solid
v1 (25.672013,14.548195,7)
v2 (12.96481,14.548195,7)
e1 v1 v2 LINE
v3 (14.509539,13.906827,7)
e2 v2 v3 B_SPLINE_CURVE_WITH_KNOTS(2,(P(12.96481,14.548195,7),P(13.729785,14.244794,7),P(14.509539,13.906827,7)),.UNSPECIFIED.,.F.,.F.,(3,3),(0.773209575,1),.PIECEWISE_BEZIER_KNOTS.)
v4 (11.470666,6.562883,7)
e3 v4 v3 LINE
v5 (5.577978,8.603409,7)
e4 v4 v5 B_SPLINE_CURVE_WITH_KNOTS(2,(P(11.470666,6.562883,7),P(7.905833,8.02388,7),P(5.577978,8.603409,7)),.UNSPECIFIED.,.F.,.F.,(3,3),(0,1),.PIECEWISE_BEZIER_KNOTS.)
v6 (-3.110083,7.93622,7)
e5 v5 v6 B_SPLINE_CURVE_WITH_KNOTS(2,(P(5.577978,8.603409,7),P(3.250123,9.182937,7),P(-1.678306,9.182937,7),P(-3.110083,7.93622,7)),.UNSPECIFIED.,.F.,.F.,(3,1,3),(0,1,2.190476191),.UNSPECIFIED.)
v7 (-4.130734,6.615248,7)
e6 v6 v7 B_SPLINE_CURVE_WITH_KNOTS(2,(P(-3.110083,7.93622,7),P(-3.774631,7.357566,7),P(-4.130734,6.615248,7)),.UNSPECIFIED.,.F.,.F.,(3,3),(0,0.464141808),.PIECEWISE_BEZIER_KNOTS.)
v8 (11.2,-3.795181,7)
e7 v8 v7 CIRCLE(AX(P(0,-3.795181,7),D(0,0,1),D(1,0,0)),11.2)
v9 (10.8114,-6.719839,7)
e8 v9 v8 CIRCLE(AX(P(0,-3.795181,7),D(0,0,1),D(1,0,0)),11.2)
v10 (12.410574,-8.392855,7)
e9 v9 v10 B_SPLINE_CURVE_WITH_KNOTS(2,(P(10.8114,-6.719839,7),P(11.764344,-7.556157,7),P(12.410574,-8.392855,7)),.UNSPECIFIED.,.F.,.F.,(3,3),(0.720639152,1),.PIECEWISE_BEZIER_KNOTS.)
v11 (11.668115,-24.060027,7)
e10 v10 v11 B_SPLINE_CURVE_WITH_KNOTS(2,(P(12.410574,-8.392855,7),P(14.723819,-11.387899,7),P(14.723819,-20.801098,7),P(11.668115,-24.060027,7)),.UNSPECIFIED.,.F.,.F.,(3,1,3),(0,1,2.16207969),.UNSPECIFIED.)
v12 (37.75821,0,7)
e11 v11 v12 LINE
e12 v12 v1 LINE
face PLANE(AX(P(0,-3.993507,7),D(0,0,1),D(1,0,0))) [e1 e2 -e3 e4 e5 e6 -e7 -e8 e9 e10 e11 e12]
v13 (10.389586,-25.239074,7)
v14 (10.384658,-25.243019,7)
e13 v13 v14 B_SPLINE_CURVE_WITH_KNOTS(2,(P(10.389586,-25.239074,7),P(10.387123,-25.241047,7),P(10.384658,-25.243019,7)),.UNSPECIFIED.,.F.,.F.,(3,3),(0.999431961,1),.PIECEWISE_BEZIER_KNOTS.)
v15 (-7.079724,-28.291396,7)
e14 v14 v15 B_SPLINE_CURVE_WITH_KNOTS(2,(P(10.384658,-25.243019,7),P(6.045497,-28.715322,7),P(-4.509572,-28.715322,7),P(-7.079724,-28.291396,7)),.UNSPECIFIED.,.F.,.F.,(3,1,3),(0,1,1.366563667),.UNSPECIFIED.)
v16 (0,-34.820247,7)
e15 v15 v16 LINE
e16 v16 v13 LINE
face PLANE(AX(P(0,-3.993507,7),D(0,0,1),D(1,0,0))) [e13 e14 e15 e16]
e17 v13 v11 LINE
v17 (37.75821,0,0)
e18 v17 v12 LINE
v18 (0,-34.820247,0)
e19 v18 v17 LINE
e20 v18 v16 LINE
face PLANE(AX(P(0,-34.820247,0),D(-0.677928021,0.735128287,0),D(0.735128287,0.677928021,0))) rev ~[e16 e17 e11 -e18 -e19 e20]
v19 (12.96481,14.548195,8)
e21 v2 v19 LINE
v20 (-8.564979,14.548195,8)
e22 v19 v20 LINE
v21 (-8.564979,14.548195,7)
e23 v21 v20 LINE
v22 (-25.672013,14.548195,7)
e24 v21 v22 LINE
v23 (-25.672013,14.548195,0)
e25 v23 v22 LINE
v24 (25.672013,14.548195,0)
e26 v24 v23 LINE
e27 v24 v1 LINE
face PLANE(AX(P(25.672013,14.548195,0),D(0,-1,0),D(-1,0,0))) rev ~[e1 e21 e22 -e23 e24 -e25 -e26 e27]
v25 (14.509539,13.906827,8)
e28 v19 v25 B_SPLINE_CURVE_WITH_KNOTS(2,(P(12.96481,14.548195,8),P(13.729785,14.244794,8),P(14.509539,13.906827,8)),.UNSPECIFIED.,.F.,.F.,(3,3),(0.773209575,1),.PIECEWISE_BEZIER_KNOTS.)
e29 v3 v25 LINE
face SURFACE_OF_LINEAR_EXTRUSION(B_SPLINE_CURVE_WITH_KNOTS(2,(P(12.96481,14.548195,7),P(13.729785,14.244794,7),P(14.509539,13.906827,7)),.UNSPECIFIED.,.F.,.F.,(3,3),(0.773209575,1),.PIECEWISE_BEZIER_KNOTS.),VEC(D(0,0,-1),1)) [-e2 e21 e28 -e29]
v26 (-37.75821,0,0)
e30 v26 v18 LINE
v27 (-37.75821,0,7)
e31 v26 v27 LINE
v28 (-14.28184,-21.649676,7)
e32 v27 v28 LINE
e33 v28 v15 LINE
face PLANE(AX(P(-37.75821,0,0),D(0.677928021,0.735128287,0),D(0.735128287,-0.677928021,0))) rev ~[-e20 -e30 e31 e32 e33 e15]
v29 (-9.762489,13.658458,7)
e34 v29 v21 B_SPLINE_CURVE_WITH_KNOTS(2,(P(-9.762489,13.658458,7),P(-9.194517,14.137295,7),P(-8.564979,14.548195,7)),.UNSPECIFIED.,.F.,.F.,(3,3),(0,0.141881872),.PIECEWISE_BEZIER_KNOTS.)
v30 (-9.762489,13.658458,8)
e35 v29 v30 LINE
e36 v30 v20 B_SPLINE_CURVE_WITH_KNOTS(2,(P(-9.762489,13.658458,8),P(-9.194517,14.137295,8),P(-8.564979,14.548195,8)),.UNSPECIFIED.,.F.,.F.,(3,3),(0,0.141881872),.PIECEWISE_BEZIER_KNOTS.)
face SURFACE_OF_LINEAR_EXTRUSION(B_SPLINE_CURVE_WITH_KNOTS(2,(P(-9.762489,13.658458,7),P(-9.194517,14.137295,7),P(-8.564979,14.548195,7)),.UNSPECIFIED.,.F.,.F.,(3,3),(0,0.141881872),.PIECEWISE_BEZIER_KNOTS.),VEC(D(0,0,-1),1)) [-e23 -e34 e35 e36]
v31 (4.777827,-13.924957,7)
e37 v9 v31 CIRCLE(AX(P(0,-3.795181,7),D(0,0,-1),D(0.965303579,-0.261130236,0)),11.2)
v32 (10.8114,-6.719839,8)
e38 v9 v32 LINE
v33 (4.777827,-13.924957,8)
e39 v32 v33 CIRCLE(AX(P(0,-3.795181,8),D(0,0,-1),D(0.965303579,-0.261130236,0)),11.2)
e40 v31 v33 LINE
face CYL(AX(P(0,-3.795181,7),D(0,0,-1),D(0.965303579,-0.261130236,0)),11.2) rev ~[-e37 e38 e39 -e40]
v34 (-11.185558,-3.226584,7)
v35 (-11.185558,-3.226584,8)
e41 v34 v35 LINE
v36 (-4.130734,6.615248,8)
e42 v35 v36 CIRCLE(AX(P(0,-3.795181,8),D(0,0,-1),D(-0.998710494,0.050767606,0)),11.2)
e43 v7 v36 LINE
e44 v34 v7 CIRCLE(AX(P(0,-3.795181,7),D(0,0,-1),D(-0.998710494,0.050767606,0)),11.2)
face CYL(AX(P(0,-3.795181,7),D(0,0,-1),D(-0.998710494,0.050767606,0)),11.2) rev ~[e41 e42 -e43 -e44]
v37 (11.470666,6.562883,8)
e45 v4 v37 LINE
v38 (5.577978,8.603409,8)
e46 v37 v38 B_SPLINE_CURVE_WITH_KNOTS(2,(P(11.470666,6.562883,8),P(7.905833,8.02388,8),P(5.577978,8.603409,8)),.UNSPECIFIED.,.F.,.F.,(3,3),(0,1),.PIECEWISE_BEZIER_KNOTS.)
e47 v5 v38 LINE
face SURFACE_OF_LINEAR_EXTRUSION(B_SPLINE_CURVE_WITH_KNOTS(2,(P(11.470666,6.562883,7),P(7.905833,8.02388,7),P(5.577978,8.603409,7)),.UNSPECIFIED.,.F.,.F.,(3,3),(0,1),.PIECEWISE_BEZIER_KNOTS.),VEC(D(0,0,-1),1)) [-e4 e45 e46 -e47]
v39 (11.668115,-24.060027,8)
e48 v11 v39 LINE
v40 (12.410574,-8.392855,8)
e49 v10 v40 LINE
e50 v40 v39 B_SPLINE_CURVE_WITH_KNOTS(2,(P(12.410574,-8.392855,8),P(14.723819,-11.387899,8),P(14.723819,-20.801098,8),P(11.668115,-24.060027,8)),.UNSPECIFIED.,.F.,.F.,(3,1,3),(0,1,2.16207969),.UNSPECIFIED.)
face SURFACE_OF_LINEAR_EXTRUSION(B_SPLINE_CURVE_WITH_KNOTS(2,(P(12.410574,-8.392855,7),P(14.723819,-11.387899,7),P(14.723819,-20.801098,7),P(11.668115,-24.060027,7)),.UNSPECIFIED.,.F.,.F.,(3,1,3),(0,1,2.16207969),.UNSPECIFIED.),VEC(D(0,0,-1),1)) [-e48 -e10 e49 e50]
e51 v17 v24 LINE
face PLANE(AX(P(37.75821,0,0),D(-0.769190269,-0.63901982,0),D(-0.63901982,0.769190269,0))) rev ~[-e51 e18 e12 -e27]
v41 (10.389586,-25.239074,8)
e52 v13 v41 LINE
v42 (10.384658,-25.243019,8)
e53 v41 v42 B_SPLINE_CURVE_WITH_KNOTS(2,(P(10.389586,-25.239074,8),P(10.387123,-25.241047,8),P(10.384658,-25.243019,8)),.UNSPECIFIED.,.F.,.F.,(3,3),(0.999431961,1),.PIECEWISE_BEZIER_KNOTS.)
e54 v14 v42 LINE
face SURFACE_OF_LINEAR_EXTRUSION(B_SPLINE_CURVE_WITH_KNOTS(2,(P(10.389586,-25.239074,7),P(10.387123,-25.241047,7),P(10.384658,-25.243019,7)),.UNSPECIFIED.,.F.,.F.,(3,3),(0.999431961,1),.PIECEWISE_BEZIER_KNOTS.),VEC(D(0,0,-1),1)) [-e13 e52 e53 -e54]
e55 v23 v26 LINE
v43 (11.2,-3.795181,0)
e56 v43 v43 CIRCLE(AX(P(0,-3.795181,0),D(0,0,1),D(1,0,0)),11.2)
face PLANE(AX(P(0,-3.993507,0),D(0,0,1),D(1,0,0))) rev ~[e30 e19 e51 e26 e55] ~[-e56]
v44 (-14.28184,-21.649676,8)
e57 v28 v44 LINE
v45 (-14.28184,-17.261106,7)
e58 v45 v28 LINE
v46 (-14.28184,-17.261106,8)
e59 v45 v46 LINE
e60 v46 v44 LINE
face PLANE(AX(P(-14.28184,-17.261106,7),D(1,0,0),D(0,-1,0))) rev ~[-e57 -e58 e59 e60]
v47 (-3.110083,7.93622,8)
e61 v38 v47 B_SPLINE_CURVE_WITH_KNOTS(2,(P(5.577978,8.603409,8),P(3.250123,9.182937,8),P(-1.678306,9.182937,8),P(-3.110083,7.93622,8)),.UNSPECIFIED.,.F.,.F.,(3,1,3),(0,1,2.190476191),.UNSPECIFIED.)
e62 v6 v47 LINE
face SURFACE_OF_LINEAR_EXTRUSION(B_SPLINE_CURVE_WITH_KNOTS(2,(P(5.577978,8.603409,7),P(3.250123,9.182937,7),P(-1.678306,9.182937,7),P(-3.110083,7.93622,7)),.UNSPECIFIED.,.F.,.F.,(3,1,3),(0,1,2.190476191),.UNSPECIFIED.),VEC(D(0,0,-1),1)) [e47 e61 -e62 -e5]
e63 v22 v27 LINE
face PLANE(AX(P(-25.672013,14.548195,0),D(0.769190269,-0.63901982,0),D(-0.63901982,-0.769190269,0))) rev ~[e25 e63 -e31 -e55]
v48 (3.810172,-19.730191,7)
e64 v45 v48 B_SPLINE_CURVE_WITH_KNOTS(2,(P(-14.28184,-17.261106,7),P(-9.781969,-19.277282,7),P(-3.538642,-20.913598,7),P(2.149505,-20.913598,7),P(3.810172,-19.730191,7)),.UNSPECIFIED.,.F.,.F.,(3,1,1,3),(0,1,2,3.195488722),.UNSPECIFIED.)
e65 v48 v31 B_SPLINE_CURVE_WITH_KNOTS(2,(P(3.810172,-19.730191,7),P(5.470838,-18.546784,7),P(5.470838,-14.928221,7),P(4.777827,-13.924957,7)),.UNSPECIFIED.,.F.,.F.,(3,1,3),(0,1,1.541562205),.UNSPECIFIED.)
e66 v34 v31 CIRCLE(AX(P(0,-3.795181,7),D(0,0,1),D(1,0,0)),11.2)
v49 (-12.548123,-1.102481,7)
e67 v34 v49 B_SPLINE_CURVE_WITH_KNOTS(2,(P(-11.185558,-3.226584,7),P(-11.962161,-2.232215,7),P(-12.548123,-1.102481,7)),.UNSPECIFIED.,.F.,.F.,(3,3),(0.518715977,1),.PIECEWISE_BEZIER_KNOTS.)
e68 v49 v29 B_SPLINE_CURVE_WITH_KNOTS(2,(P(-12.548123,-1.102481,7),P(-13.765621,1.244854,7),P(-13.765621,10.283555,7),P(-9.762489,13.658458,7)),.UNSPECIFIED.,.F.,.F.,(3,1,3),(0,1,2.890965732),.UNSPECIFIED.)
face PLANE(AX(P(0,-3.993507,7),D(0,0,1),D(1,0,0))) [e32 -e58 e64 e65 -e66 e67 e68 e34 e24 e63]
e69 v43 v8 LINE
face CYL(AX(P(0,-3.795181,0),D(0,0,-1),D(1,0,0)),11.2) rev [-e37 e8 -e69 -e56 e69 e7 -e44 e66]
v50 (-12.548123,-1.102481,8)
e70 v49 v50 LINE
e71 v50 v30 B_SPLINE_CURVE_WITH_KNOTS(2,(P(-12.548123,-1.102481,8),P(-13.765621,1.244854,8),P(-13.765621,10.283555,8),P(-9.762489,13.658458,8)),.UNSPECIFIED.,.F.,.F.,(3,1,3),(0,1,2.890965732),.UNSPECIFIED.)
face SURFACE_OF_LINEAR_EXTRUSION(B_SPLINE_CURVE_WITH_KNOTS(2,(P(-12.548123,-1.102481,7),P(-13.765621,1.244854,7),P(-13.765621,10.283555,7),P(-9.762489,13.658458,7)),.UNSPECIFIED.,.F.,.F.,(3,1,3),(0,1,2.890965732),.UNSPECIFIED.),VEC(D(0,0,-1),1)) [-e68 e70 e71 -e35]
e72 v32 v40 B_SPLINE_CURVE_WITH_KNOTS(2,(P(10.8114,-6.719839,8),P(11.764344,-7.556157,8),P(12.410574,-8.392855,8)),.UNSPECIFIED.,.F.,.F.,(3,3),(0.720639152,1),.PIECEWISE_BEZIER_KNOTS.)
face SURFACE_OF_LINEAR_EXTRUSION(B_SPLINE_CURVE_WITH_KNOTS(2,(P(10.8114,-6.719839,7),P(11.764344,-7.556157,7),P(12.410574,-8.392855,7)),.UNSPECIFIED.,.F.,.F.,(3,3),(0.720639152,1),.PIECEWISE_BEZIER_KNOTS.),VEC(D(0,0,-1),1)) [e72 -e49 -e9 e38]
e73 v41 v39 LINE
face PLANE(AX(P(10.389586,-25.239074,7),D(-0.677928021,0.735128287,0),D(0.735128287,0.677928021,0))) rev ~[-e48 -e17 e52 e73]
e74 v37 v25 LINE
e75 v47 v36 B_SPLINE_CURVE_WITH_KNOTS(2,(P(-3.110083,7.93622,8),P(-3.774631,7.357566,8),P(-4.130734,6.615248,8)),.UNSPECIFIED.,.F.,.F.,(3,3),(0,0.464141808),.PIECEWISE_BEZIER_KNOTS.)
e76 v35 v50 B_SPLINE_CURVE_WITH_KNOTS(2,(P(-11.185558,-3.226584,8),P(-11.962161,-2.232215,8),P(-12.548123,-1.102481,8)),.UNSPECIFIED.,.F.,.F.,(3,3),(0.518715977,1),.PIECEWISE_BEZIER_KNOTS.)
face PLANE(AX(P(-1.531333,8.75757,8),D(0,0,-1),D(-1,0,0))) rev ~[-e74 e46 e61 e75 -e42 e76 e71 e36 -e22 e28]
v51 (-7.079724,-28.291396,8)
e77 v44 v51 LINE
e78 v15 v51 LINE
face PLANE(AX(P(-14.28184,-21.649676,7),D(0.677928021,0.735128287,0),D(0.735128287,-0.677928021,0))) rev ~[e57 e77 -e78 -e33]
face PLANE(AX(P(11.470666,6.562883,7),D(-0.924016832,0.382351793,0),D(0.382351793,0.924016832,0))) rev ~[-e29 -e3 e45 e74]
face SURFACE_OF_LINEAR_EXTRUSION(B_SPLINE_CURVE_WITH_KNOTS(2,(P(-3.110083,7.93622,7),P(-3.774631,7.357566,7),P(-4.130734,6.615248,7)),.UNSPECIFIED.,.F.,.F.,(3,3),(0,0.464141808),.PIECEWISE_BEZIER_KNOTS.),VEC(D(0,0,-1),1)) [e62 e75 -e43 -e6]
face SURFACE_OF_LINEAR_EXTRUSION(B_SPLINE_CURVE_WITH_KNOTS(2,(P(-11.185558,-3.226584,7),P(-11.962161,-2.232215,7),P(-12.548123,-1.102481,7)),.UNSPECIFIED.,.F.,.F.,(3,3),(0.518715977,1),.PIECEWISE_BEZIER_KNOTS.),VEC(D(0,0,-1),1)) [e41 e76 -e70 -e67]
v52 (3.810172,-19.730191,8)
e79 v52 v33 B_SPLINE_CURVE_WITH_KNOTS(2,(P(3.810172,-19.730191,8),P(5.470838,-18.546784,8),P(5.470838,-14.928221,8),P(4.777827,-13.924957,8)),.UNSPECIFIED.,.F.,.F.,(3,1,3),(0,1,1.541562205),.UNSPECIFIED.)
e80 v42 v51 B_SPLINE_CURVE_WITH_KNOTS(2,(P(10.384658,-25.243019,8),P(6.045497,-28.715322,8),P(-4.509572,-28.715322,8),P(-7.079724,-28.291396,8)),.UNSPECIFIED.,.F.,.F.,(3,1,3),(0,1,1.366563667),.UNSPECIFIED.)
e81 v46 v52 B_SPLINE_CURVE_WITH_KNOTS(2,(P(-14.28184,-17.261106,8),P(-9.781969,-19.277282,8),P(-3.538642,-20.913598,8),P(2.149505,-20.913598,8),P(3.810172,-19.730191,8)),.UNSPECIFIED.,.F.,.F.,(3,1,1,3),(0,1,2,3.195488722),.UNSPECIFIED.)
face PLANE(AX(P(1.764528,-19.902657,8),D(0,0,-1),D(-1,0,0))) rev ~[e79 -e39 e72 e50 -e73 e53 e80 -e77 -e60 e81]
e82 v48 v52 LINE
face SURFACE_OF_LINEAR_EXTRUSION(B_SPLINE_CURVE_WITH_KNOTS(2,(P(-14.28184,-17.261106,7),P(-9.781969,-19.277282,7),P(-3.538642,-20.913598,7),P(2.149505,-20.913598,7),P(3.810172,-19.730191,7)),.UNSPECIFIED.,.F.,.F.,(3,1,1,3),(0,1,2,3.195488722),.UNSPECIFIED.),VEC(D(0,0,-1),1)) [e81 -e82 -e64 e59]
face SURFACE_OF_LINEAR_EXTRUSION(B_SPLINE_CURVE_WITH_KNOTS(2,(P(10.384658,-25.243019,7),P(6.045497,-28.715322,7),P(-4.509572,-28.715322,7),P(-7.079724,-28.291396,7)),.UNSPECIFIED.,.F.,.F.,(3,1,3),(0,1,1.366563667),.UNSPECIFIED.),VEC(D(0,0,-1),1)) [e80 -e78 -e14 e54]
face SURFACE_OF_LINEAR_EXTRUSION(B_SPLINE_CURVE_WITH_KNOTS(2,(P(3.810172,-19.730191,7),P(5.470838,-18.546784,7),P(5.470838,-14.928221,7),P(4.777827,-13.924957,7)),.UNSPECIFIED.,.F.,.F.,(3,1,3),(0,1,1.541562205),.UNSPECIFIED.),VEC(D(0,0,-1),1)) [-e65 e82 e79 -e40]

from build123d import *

# Parameters (mm, degrees)
F0_R     = 11.2
F1_DEPTH = 7
F3_DEPTH = 1


with BuildPart() as f1:
    # F0 (on Top) → F1 (new body)
    with BuildSketch(Plane.XY):
        Polygon((25.6720134951, 14.5481945947), (-25.6720134951, 14.5481945947), (-37.758209943, 0), (0, -34.8202470113), (37.758209943, 0), align=None)
        with Locations((0, -3.7951807026)):
            Circle(F0_R, mode=Mode.SUBTRACT)
    extrude(amount=F1_DEPTH)

    # F2 (on face) → F3 (join)
    with BuildSketch(Plane.XY.offset(7)):
        with BuildLine():
            add(Edge.make_bspline(
                [(14.7238187039, -15.7416694783), (14.7238187039, -20.8010980146), (11.6681145092, -24.0600274463)],
                knots=[0, 0, 0, 0.8391754789, 0.8391754789, 0.8391754789], degree=2))
            add(Edge.make_bspline(
                [(12.410573631, -8.3928551309), (14.7238187039, -11.3878987516), (14.7238187039, -15.7416694783)],
                knots=[0, 0, 0, 1, 1, 1], degree=2))
            add(Edge.make_bspline(
                [(10.8114000869, -6.7198393426), (11.7643435247, -7.5561572037), (12.410573631, -8.3928551309)],
                knots=[0.7206391515, 0.7206391515, 0.7206391515, 1, 1, 1], degree=2))
            ThreePointArc((10.8114000869, -6.7198393426), (8.586875435, -10.9858392444), (4.7778268514, -13.9249571353))
            add(Edge.make_bspline(
                [(5.4708384123, -16.1994485033), (5.4708384123, -14.9282205842), (4.7778268514, -13.9249571353)],
                knots=[0, 0, 0, 0.9740036675, 0.9740036675, 0.9740036675], degree=2))
            add(Edge.make_bspline(
                [(3.8101719494, -19.730190983), (5.4708384123, -18.5467835036), (5.4708384123, -16.1994485033)],
                knots=[0, 0, 0, 1, 1, 1], degree=2))
            add(Edge.make_bspline(
                [(-0.9478079163, -20.9135984624), (2.1495054866, -20.9135984624), (3.8101719494, -19.730190983)],
                knots=[0, 0, 0, 1, 1, 1], degree=2))
            add(Edge.make_bspline(
                [(-6.660305749, -20.095440205), (-3.538642398, -20.9135984624), (-0.9478079163, -20.9135984624)],
                knots=[0, 0, 0, 1, 1, 1], degree=2))
            add(Edge.make_bspline(
                [(-14.2818395155, -17.261106242), (-9.7819691, -19.2772819476), (-6.660305749, -20.095440205)],
                knots=[0, 0, 0, 1, 1, 1], degree=2))
            Line((-14.2818395155, -17.261106242), (-14.2818395155, -21.6496761485))
            Line((-14.2818395155, -21.6496761485), (-7.0797239554, -28.2913957424))
            add(Edge.make_bspline(
                [(-1.6783063604, -28.7153218451), (-4.5095721098, -28.7153218451), (-7.0797239554, -28.2913957424)],
                knots=[0, 0, 0, 0.3971106389, 0.3971106389, 0.3971106389], degree=2))
            add(Edge.make_bspline(
                [(10.3846579461, -25.2430192409), (6.0454971883, -28.7153218451), (-1.6783063604, -28.7153218451)],
                knots=[0, 0, 0, 1, 1, 1], degree=2))
            add(Edge.make_bspline(
                [(10.389586169, -25.239073611), (10.3871227576, -25.2410468384), (10.3846579461, -25.2430192409)],
                knots=[0.9994319612, 0.9994319612, 0.9994319612, 1, 1, 1], degree=2))
            Line((10.389586169, -25.239073611), (11.6681145092, -24.0600274463))
        make_face()
        with BuildLine():
            add(Edge.make_bspline(
                [(12.9648102038, 14.5481945947), (13.729785447, 14.2447942788), (14.5095391603, 13.9068273719)],
                knots=[0.7732095753, 0.7732095753, 0.7732095753, 1, 1, 1], degree=2))
            Line((12.9648102038, 14.5481945947), (-8.5649794853, 14.5481945947))
            add(Edge.make_bspline(
                [(-9.7624891415, 13.6584579009), (-9.1945173533, 14.1372954304), (-8.5649794853, 14.5481945947)],
                knots=[0, 0, 0, 0.1418818722, 0.1418818722, 0.1418818722], degree=2))
            add(Edge.make_bspline(
                [(-13.765620615, 4.3713876819), (-13.765620615, 10.2835550893), (-9.7624891415, 13.6584579009)],
                knots=[0, 0, 0, 1, 1, 1], degree=2))
            add(Edge.make_bspline(
                [(-12.5481232082, -1.102480659), (-13.765620615, 1.2448543413), (-13.765620615, 4.3713876819)],
                knots=[0, 0, 0, 1, 1, 1], degree=2))
            add(Edge.make_bspline(
                [(-11.1855575293, -3.2265835185), (-11.962161159, -2.23221549), (-12.5481232082, -1.102480659)],
                knots=[0.5187159775, 0.5187159775, 0.5187159775, 1, 1, 1], degree=2))
            ThreePointArc((-11.1855575293, -3.2265835185), (-9.1028902875, 2.7299544235), (-4.1307340981, 6.6152484822))
            add(Edge.make_bspline(
                [(-3.1100833108, 7.936220089), (-3.7746308536, 7.3575664463), (-4.1307340981, 6.6152484822)],
                knots=[0, 0, 0, 0.4641418083, 0.4641418083, 0.4641418083], degree=2))
            add(Edge.make_bspline(
                [(1.0001879346, 9.1829374336), (-1.6783063604, 9.1829374336), (-3.1100833108, 7.936220089)],
                knots=[0, 0, 0, 1, 1, 1], degree=2))
            add(Edge.make_bspline(
                [(5.5779781841, 8.6034086679), (3.2501231423, 9.1829374336), (1.0001879346, 9.1829374336)],
                knots=[0, 0, 0, 1, 1, 1], degree=2))
            add(Edge.make_bspline(
                [(11.470665633, 6.5628830141), (7.9058332259, 8.0238799023), (5.5779781841, 8.6034086679)],
                knots=[0, 0, 0, 1, 1, 1], degree=2))
            Line((11.470665633, 6.5628830141), (14.5095391603, 13.9068273719))
        make_face()
    extrude(amount=F3_DEPTH)


solid = f1.part
